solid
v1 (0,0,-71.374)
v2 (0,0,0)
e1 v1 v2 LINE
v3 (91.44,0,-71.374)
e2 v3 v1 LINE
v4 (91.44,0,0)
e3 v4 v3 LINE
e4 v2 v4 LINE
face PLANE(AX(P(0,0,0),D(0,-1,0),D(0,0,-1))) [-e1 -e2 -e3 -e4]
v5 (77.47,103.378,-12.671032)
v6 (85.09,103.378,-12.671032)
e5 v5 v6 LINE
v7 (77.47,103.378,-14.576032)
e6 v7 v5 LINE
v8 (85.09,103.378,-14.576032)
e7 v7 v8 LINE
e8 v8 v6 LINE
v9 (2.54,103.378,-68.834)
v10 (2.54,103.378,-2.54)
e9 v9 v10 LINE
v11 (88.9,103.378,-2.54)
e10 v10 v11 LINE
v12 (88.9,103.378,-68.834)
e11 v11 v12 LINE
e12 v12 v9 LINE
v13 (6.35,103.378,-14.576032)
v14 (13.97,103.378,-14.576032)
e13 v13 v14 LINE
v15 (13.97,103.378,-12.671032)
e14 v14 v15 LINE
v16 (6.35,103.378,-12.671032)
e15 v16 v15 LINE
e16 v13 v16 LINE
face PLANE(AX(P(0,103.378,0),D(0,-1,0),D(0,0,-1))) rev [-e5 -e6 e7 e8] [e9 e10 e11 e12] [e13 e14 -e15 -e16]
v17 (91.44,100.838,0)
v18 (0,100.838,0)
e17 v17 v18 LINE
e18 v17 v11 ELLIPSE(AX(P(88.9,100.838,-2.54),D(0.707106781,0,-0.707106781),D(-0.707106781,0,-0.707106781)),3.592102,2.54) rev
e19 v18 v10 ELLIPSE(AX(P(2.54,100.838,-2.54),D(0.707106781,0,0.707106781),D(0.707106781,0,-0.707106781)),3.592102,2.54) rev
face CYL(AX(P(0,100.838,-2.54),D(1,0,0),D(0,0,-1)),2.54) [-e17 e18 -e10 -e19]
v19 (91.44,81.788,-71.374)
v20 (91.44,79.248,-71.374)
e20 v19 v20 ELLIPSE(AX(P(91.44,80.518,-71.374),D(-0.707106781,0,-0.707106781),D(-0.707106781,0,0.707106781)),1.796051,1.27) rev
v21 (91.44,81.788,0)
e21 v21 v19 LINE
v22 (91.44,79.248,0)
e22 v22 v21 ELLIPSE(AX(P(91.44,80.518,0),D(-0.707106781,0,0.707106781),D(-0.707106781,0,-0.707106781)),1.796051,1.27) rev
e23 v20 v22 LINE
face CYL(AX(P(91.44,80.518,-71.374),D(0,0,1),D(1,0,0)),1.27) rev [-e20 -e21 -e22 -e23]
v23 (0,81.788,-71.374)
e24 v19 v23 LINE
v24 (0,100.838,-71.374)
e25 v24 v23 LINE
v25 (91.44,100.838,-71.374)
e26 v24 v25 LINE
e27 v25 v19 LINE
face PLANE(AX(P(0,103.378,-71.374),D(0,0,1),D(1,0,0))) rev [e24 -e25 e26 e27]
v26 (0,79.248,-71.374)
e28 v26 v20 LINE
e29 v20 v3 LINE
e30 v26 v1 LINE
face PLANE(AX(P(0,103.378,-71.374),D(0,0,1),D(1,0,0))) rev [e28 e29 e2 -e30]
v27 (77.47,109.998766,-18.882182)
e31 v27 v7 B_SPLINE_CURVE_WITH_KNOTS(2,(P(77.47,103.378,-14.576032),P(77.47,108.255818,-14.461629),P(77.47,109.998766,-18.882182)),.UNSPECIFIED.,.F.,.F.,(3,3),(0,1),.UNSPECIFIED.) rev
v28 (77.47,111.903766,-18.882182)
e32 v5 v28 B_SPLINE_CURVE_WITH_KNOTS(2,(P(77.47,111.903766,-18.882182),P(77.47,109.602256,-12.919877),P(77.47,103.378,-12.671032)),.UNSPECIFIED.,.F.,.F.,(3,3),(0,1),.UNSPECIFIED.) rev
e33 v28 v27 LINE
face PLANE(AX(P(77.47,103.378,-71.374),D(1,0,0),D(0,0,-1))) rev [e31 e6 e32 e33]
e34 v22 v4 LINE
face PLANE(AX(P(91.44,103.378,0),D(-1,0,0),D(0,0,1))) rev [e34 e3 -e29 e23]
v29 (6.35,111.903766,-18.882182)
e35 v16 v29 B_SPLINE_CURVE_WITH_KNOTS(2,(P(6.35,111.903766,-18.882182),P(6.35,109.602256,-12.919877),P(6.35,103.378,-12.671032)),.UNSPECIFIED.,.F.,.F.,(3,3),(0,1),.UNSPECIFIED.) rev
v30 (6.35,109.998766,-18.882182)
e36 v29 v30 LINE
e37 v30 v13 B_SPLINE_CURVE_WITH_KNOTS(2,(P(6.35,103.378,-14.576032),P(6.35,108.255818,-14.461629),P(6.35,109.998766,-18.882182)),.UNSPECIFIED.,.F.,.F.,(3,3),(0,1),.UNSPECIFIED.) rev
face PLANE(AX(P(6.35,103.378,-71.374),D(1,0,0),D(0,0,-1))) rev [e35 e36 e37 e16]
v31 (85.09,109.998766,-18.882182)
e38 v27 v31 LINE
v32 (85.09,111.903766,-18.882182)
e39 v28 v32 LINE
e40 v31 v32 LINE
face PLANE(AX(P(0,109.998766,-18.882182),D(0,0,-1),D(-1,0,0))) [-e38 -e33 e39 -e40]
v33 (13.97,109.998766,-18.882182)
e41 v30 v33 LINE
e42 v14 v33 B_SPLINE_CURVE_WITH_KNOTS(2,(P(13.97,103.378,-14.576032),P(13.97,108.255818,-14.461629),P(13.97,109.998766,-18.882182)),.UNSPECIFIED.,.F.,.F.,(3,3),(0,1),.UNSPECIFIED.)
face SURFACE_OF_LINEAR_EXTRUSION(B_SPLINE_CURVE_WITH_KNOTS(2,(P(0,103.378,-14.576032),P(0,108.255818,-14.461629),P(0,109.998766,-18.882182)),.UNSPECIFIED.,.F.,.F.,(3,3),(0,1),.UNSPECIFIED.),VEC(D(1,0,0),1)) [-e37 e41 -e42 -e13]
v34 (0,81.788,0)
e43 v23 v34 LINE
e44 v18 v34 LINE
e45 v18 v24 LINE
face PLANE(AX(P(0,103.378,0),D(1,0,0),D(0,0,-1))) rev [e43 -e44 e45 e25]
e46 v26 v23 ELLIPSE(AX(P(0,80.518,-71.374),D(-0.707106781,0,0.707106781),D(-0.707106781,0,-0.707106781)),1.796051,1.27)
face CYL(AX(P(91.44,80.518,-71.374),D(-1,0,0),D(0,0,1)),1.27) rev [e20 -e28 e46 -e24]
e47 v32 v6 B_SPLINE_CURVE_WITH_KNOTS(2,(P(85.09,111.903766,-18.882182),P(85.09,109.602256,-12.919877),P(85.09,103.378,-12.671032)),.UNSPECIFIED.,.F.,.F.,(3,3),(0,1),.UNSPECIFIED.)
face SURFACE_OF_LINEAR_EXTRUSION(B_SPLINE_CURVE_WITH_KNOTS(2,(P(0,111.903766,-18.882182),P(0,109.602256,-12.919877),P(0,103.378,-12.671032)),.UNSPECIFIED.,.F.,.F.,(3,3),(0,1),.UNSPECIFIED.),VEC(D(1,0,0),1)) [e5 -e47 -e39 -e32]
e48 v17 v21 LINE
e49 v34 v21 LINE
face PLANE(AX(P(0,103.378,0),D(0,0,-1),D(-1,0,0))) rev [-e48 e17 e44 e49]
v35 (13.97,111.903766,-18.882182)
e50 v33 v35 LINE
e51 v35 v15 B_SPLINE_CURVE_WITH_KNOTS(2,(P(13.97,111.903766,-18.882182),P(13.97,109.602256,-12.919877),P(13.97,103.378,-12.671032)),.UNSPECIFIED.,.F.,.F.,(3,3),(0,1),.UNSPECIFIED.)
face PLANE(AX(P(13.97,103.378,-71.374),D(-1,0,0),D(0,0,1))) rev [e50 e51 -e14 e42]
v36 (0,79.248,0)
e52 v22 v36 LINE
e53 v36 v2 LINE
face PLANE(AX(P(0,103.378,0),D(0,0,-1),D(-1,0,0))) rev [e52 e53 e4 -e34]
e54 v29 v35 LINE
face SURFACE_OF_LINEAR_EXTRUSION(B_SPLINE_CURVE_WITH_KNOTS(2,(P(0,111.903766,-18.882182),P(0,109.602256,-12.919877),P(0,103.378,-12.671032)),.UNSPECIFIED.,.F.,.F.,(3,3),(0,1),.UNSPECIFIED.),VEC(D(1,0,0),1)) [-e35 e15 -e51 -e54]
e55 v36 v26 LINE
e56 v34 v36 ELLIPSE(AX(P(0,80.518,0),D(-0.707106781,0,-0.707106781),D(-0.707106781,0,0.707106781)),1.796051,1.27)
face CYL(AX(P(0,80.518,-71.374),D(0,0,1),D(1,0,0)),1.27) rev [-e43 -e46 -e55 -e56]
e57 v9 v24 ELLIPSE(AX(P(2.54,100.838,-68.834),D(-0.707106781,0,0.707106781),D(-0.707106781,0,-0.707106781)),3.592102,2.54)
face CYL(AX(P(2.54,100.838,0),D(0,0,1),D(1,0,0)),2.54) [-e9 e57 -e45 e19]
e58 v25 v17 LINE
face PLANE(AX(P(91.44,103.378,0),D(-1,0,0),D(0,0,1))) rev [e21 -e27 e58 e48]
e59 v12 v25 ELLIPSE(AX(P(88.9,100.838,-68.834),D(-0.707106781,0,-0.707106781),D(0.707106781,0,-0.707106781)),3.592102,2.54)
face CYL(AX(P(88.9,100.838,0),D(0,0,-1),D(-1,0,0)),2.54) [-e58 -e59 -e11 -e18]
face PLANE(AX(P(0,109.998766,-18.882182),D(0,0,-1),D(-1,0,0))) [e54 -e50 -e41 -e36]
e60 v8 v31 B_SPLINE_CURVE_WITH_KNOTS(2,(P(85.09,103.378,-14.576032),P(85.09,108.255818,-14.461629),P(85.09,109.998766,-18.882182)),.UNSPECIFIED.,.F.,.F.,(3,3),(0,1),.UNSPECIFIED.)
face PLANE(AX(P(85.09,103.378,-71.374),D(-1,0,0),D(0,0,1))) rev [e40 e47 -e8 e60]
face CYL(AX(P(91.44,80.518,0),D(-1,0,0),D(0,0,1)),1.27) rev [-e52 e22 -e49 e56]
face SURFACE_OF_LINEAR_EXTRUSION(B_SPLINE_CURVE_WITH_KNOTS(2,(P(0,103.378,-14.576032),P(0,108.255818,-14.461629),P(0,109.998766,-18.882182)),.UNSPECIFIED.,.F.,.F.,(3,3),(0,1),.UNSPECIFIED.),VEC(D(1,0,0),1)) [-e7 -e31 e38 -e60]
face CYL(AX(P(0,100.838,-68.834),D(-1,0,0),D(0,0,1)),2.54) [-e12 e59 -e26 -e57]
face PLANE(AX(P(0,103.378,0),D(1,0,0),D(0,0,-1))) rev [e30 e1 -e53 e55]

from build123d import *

# Parameters (mm, degrees)
SKETCH1_W               = 91.44
SKETCH1_H               = 71.374
BOSS_EXTRUDE1_DEPTH     = 103.378
BOSS_EXTRUDE2_DEPTH     = 91.44
SKETCH3_W               = 6.35
SKETCH3_H               = 8.525765965
SKETCH3_W_2             = 63.5
CUT_EXTRUDE1_DEPTH      = 162.17684191
FILLET1_R               = 2.54
CUT_EXTRUDE2_DEPTH      = 162.176841809
CUT_EXTRUDE2_DEPTH_BACK = 162.176841809
SKETCH4_R               = 1.27
SKETCH5_R               = 1.27
CUT_EXTRUDE3_DEPTH      = 162.176841809


with BuildPart() as part:
    # Sketch1 → Boss-Extrude1 (new body)
    with BuildSketch(Plane(origin=(0, 0, 0), x_dir=(1, 0, 0), z_dir=(0, 1, 0))):
        with Locations((45.72, 35.687)):
            Rectangle(SKETCH1_W, SKETCH1_H)
    extrude(amount=BOSS_EXTRUDE1_DEPTH)

    # Sketch2 → Boss-Extrude2 (add)
    with BuildSketch(Plane(origin=(91.44, 0, 0), x_dir=(0, 0, -1), z_dir=(1, 0, 0))):
        with BuildLine():
            Line((12.671032171, 103.378), (14.576032171, 103.378))
            add(Edge.make_bspline(
                [(14.576032171, 103.378), (14.461628567, 108.255817866), (18.882181929, 109.998765965)],
                knots=[0, 0, 0, 1, 1, 1], degree=2))
            Line((18.882181929, 109.998765965), (18.882181929, 111.903765965))
            add(Edge.make_bspline(
                [(12.671032171, 103.378), (12.919876826, 109.602255935), (18.882181929, 111.903765965)],
                knots=[0, 0, 0, 1, 1, 1], degree=2))
        make_face()
    extrude(amount=-BOSS_EXTRUDE2_DEPTH)

    # Sketch3 → Cut-Extrude1 (cut, through all)
    with BuildSketch(Plane.XY):
        with Locations((3.175, 107.640882983)):
            Rectangle(SKETCH3_W, SKETCH3_H)
        with Locations((45.72, 107.640882983)):
            Rectangle(SKETCH3_W_2, SKETCH3_H)
        with Locations((88.265, 107.640882983)):
            Rectangle(SKETCH3_W, SKETCH3_H)
    extrude(amount=-CUT_EXTRUDE1_DEPTH, mode=Mode.SUBTRACT)

    # Fillet1
    fillet1_edges = [part.edges().sort_by_distance(p)[0] for p in [
        (91.44, 103.378, -35.687),
        (45.72, 103.378, -71.374),
        (0, 103.378, -35.687),
        (45.72, 103.378, 0),
    ]]
    fillet(fillet1_edges, radius=FILLET1_R)

    # Sketch4 → Cut-Extrude2 (cut, two sides: drawn at the far end of the back side and taken through both)
    with BuildSketch(Plane.ZY.offset(-CUT_EXTRUDE2_DEPTH_BACK)):
        with Locations((-71.374, 80.518)):
            Circle(SKETCH4_R)
        with Locations((0, 80.518)):
            Circle(SKETCH4_R)
    extrude(amount=CUT_EXTRUDE2_DEPTH + CUT_EXTRUDE2_DEPTH_BACK, mode=Mode.SUBTRACT)

    # Sketch5 → Cut-Extrude3 (cut, through all)
    with BuildSketch(Plane.XY):
        with Locations((0, 80.518)):
            Circle(SKETCH5_R)
        with Locations((91.44, 80.518)):
            Circle(SKETCH5_R)
    extrude(amount=-CUT_EXTRUDE3_DEPTH, mode=Mode.SUBTRACT)


solid = part.part
